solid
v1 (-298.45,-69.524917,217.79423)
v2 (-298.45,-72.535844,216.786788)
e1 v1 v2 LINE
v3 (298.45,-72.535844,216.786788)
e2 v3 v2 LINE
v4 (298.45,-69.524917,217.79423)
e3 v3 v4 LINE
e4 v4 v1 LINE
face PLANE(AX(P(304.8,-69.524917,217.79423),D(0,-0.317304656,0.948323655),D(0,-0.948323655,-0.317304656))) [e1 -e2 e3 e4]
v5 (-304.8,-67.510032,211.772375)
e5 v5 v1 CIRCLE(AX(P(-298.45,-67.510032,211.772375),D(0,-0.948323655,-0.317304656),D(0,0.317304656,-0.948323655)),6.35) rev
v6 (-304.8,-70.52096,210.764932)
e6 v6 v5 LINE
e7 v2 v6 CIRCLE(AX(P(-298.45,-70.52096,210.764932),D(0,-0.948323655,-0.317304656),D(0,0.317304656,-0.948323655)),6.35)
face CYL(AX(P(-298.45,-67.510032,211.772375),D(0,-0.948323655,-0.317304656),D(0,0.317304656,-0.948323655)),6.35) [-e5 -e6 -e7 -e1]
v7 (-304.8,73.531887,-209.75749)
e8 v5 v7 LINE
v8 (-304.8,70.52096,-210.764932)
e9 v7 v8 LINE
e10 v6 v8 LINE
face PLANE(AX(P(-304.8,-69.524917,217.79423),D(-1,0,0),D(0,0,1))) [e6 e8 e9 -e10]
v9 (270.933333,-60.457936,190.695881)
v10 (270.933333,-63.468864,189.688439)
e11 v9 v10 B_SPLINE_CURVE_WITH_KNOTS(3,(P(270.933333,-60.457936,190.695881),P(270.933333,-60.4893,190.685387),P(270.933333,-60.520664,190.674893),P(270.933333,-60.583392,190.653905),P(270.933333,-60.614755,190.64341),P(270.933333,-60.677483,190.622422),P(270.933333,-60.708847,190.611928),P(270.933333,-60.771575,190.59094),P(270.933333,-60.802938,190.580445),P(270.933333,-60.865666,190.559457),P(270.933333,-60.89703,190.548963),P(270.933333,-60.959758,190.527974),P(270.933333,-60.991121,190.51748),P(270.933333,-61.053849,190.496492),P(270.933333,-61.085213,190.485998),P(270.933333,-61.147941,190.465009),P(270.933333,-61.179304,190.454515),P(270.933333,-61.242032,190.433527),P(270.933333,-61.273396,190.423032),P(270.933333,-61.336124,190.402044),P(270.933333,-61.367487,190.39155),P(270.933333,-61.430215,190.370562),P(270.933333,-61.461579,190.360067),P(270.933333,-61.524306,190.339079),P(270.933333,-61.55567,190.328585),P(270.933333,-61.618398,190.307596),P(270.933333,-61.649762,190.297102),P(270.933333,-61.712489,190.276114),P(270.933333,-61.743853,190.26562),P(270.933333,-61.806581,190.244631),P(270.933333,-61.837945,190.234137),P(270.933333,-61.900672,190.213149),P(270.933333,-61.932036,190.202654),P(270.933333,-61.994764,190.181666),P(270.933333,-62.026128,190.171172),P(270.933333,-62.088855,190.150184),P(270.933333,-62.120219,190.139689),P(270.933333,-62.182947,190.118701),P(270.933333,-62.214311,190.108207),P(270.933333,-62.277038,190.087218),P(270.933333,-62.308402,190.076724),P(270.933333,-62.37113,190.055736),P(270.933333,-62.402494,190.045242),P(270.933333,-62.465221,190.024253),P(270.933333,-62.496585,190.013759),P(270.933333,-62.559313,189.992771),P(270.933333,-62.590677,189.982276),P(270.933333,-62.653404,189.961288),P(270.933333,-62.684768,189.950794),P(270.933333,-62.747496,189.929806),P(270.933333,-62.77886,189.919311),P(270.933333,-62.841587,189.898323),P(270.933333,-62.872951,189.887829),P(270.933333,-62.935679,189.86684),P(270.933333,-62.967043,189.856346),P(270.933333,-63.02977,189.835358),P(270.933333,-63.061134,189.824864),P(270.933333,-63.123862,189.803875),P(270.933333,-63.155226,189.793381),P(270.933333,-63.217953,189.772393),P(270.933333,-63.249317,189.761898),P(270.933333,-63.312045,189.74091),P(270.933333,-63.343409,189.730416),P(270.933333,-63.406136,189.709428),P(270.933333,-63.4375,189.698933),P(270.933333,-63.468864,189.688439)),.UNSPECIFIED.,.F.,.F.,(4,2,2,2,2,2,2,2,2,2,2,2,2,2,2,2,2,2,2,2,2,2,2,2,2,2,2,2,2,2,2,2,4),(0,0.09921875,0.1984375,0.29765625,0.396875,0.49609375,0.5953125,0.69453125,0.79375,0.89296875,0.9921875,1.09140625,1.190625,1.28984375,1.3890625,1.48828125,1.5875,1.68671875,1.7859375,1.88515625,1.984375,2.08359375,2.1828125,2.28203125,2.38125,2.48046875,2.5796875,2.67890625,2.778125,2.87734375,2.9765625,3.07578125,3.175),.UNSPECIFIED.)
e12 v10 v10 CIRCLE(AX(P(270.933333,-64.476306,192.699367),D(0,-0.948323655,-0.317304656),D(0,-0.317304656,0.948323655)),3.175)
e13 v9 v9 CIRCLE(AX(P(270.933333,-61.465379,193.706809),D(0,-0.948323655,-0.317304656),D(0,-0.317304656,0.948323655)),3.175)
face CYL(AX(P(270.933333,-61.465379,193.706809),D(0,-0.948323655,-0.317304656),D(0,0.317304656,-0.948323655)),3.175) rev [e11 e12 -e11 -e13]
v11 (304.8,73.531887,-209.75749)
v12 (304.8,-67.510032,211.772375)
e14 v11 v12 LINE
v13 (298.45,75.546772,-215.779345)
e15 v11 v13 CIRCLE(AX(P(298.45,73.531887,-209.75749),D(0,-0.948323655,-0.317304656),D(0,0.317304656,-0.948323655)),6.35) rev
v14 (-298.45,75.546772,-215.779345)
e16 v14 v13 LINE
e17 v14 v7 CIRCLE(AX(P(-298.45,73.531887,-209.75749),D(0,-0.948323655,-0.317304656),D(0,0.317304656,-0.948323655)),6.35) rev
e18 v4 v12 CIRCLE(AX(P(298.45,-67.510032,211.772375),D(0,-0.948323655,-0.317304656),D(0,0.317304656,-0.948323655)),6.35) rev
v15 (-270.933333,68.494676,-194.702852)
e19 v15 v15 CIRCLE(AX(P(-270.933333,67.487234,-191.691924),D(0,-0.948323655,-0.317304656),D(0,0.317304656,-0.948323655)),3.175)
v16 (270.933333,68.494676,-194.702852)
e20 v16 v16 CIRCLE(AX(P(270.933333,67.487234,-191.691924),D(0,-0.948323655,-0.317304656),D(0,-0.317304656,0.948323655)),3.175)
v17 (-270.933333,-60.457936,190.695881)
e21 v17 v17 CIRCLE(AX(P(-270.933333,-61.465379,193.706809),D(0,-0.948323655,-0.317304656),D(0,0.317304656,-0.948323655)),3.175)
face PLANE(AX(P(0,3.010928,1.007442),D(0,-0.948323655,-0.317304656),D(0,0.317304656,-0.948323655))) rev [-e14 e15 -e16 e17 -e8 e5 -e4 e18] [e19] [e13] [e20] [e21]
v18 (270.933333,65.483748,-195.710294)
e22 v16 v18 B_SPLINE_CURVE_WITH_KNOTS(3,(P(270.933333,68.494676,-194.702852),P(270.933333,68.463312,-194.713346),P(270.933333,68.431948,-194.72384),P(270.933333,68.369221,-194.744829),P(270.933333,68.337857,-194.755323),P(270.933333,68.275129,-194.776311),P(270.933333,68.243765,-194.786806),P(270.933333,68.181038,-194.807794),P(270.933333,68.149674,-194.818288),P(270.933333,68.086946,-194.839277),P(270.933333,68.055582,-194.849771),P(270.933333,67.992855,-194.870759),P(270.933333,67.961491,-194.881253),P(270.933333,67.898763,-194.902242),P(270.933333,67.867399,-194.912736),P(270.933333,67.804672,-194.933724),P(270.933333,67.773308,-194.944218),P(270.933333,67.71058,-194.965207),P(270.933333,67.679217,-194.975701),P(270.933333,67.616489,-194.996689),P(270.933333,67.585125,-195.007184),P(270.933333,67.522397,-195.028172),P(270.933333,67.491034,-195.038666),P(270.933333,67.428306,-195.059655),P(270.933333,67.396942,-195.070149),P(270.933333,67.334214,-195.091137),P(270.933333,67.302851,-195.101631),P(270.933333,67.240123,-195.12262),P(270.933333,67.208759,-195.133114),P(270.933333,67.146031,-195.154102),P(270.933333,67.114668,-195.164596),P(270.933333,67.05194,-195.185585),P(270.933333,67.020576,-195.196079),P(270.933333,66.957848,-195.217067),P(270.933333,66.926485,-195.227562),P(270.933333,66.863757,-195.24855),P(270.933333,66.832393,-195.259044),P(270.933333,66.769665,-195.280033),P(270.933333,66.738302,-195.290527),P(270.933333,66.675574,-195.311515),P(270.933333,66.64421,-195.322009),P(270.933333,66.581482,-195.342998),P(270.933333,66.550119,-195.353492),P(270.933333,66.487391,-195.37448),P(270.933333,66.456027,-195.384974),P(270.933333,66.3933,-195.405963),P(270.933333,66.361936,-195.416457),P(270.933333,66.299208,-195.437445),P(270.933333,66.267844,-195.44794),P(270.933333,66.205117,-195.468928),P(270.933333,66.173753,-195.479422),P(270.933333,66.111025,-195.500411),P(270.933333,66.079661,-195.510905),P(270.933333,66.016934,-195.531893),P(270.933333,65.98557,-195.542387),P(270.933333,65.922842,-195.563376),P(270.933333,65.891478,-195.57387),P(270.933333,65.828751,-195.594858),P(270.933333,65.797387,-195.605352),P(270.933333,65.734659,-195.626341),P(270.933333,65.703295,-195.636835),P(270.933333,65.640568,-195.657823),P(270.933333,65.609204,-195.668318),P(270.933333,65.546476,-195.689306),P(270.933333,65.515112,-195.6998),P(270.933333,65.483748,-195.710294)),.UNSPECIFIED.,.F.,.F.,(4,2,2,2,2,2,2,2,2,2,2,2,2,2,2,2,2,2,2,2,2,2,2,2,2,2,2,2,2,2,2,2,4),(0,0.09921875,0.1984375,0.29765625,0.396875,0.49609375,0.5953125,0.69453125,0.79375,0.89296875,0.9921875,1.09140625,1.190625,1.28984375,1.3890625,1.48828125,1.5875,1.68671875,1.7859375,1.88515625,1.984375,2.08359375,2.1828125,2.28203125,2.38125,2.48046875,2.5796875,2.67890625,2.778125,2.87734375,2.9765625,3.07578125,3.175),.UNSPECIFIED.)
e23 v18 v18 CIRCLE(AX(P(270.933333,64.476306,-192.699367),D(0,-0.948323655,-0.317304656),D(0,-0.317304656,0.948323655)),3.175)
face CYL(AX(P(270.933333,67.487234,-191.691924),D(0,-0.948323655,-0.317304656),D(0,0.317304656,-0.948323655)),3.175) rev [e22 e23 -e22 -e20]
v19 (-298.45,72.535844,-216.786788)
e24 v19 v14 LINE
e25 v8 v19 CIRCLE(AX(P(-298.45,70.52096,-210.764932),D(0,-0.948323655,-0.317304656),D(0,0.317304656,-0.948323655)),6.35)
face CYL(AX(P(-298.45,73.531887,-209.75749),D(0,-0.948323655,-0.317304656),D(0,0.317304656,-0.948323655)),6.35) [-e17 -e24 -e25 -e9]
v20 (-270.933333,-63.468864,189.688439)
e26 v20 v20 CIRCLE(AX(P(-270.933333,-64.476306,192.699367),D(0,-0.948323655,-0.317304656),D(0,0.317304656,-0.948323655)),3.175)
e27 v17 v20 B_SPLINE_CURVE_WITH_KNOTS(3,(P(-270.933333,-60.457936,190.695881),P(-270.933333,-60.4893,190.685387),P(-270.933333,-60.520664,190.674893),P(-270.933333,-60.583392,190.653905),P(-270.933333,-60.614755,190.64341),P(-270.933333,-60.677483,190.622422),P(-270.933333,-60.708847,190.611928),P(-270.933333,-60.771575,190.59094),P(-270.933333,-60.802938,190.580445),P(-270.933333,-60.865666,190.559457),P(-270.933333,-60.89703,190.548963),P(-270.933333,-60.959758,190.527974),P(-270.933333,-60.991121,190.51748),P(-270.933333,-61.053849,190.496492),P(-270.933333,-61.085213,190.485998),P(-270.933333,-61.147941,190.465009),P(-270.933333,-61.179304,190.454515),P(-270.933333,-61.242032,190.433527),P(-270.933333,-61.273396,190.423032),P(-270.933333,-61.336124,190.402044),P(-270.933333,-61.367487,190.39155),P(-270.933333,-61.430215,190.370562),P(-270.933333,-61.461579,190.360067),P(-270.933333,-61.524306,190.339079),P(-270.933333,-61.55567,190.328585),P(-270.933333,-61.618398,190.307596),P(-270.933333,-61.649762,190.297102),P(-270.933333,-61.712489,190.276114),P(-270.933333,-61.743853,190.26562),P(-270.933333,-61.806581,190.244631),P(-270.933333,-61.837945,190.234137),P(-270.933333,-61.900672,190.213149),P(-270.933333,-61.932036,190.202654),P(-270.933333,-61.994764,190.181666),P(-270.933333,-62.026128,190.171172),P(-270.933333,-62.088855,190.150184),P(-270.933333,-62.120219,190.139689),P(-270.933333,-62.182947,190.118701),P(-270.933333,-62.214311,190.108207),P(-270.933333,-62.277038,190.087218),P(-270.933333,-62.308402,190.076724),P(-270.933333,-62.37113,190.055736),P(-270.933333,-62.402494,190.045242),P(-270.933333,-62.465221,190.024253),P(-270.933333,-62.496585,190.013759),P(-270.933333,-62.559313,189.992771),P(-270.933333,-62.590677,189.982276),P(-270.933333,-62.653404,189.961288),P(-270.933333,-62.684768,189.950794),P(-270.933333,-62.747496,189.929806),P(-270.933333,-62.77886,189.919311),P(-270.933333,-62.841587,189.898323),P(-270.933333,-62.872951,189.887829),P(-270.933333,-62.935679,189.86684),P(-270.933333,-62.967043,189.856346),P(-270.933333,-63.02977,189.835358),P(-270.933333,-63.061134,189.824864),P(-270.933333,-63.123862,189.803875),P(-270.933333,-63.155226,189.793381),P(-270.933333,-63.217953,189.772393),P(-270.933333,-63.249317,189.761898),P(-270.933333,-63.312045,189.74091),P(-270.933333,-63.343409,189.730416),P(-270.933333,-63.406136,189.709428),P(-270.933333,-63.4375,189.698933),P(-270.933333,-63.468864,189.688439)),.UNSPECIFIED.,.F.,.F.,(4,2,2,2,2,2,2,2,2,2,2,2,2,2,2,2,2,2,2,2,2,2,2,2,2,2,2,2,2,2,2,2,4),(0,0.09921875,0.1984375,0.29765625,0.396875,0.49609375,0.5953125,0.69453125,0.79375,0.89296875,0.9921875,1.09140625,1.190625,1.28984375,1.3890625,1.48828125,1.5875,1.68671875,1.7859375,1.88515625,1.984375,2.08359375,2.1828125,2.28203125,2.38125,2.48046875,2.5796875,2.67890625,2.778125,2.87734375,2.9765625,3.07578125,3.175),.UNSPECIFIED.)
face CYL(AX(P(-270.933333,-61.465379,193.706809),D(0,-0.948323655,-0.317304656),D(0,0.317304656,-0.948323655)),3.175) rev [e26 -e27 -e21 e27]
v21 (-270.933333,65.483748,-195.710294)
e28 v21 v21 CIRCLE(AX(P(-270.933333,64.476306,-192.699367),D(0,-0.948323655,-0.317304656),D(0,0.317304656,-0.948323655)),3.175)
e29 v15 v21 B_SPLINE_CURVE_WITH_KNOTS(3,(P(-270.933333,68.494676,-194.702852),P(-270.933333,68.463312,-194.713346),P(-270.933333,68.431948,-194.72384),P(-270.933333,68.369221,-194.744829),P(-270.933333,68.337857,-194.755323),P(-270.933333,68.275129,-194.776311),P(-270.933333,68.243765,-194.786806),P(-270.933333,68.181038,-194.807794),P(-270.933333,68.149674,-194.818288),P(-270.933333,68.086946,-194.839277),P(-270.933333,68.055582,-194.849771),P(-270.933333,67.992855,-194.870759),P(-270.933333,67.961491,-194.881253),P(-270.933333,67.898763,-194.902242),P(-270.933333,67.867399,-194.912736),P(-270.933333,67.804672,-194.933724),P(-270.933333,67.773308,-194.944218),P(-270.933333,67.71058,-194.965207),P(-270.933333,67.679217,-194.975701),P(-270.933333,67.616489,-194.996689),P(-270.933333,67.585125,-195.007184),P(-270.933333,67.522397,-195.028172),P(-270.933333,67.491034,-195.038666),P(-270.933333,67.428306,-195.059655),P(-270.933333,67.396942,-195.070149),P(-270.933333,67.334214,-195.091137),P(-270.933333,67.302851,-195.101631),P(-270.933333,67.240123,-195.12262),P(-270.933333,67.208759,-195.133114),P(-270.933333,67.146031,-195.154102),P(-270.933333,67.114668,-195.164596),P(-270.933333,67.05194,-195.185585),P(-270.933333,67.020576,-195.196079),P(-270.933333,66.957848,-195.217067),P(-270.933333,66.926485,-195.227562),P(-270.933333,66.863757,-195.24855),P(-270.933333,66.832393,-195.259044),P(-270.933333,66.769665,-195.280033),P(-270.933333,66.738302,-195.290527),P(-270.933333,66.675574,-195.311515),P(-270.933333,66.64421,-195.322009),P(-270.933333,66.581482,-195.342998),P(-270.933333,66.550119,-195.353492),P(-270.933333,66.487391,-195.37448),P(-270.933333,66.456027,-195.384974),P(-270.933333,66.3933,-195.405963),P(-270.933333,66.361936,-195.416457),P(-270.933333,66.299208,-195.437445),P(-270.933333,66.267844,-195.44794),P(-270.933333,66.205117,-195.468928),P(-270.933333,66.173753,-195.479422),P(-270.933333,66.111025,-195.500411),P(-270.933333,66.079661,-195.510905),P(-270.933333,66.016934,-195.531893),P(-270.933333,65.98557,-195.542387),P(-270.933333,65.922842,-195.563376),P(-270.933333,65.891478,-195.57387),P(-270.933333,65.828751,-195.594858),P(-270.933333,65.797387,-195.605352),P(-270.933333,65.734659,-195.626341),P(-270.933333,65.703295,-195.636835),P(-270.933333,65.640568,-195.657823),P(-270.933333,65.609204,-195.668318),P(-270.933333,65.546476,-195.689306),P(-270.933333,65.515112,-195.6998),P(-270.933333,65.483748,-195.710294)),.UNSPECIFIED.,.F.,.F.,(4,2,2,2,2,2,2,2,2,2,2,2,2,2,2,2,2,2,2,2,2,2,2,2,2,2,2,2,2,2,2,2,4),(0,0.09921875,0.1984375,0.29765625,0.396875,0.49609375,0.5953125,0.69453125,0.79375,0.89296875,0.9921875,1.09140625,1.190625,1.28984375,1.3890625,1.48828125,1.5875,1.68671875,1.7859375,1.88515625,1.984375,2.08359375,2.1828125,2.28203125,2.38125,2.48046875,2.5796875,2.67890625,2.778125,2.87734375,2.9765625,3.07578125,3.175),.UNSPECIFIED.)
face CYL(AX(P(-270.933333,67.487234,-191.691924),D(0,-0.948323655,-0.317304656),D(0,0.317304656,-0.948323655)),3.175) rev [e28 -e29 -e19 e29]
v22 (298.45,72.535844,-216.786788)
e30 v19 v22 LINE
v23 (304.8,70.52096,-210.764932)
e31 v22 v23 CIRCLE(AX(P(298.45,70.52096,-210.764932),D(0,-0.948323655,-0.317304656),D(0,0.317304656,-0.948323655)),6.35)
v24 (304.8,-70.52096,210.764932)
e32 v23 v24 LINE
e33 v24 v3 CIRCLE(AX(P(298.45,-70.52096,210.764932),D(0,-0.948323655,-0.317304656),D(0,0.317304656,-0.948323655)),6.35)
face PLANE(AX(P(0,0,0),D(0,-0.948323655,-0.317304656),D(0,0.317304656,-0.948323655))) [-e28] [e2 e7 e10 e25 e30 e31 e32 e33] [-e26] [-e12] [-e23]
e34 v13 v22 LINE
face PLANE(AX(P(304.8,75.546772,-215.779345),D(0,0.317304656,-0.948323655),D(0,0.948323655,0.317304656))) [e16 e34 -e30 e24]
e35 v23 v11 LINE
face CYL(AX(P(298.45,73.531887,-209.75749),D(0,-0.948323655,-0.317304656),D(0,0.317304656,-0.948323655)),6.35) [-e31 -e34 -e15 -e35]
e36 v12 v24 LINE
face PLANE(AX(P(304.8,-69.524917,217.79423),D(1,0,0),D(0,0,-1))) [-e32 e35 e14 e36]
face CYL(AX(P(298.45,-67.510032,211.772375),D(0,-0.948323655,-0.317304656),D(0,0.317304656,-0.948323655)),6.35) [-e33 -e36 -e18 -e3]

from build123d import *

# Parameters (mm, degrees)
SKETCH3_W           = 457.2
SKETCH3_H           = 609.6
SKETCH3_R           = 3.175
BOSS_EXTRUDE1_DEPTH = 3.175
FILLET1_R           = 6.35


with BuildPart() as part:
    # Sketch3 → Boss-Extrude1 (new body)
    with BuildSketch(Plane(origin=(0, 0, 0), x_dir=(0, 0.3173046564050865, -0.9483236552062013), z_dir=(0, -0.9483236552062012, -0.3173046564050864))):
        Rectangle(SKETCH3_W, SKETCH3_H)
        with Locations((203.2, -270.933333333)):
            Circle(SKETCH3_R, mode=Mode.SUBTRACT)
        with Locations((-203.2, -270.933333333)):
            Circle(SKETCH3_R, mode=Mode.SUBTRACT)
        with Locations((-203.2, 270.933333333)):
            Circle(SKETCH3_R, mode=Mode.SUBTRACT)
        with Locations((203.2, 270.933333333)):
            Circle(SKETCH3_R, mode=Mode.SUBTRACT)
    extrude(amount=-BOSS_EXTRUDE1_DEPTH)

    # Fillet1
    fillet1_edges = [part.edges().sort_by_distance(p)[0] for p in [
        (-304.8, 74.041308257, -216.283066438),
        (-304.8, -71.030380652, 217.290508722),
        (304.8, -71.030380652, 217.290508722),
        (304.8, 74.041308257, -216.283066438),
    ]]
    fillet(fillet1_edges, radius=FILLET1_R)


solid = part.part
